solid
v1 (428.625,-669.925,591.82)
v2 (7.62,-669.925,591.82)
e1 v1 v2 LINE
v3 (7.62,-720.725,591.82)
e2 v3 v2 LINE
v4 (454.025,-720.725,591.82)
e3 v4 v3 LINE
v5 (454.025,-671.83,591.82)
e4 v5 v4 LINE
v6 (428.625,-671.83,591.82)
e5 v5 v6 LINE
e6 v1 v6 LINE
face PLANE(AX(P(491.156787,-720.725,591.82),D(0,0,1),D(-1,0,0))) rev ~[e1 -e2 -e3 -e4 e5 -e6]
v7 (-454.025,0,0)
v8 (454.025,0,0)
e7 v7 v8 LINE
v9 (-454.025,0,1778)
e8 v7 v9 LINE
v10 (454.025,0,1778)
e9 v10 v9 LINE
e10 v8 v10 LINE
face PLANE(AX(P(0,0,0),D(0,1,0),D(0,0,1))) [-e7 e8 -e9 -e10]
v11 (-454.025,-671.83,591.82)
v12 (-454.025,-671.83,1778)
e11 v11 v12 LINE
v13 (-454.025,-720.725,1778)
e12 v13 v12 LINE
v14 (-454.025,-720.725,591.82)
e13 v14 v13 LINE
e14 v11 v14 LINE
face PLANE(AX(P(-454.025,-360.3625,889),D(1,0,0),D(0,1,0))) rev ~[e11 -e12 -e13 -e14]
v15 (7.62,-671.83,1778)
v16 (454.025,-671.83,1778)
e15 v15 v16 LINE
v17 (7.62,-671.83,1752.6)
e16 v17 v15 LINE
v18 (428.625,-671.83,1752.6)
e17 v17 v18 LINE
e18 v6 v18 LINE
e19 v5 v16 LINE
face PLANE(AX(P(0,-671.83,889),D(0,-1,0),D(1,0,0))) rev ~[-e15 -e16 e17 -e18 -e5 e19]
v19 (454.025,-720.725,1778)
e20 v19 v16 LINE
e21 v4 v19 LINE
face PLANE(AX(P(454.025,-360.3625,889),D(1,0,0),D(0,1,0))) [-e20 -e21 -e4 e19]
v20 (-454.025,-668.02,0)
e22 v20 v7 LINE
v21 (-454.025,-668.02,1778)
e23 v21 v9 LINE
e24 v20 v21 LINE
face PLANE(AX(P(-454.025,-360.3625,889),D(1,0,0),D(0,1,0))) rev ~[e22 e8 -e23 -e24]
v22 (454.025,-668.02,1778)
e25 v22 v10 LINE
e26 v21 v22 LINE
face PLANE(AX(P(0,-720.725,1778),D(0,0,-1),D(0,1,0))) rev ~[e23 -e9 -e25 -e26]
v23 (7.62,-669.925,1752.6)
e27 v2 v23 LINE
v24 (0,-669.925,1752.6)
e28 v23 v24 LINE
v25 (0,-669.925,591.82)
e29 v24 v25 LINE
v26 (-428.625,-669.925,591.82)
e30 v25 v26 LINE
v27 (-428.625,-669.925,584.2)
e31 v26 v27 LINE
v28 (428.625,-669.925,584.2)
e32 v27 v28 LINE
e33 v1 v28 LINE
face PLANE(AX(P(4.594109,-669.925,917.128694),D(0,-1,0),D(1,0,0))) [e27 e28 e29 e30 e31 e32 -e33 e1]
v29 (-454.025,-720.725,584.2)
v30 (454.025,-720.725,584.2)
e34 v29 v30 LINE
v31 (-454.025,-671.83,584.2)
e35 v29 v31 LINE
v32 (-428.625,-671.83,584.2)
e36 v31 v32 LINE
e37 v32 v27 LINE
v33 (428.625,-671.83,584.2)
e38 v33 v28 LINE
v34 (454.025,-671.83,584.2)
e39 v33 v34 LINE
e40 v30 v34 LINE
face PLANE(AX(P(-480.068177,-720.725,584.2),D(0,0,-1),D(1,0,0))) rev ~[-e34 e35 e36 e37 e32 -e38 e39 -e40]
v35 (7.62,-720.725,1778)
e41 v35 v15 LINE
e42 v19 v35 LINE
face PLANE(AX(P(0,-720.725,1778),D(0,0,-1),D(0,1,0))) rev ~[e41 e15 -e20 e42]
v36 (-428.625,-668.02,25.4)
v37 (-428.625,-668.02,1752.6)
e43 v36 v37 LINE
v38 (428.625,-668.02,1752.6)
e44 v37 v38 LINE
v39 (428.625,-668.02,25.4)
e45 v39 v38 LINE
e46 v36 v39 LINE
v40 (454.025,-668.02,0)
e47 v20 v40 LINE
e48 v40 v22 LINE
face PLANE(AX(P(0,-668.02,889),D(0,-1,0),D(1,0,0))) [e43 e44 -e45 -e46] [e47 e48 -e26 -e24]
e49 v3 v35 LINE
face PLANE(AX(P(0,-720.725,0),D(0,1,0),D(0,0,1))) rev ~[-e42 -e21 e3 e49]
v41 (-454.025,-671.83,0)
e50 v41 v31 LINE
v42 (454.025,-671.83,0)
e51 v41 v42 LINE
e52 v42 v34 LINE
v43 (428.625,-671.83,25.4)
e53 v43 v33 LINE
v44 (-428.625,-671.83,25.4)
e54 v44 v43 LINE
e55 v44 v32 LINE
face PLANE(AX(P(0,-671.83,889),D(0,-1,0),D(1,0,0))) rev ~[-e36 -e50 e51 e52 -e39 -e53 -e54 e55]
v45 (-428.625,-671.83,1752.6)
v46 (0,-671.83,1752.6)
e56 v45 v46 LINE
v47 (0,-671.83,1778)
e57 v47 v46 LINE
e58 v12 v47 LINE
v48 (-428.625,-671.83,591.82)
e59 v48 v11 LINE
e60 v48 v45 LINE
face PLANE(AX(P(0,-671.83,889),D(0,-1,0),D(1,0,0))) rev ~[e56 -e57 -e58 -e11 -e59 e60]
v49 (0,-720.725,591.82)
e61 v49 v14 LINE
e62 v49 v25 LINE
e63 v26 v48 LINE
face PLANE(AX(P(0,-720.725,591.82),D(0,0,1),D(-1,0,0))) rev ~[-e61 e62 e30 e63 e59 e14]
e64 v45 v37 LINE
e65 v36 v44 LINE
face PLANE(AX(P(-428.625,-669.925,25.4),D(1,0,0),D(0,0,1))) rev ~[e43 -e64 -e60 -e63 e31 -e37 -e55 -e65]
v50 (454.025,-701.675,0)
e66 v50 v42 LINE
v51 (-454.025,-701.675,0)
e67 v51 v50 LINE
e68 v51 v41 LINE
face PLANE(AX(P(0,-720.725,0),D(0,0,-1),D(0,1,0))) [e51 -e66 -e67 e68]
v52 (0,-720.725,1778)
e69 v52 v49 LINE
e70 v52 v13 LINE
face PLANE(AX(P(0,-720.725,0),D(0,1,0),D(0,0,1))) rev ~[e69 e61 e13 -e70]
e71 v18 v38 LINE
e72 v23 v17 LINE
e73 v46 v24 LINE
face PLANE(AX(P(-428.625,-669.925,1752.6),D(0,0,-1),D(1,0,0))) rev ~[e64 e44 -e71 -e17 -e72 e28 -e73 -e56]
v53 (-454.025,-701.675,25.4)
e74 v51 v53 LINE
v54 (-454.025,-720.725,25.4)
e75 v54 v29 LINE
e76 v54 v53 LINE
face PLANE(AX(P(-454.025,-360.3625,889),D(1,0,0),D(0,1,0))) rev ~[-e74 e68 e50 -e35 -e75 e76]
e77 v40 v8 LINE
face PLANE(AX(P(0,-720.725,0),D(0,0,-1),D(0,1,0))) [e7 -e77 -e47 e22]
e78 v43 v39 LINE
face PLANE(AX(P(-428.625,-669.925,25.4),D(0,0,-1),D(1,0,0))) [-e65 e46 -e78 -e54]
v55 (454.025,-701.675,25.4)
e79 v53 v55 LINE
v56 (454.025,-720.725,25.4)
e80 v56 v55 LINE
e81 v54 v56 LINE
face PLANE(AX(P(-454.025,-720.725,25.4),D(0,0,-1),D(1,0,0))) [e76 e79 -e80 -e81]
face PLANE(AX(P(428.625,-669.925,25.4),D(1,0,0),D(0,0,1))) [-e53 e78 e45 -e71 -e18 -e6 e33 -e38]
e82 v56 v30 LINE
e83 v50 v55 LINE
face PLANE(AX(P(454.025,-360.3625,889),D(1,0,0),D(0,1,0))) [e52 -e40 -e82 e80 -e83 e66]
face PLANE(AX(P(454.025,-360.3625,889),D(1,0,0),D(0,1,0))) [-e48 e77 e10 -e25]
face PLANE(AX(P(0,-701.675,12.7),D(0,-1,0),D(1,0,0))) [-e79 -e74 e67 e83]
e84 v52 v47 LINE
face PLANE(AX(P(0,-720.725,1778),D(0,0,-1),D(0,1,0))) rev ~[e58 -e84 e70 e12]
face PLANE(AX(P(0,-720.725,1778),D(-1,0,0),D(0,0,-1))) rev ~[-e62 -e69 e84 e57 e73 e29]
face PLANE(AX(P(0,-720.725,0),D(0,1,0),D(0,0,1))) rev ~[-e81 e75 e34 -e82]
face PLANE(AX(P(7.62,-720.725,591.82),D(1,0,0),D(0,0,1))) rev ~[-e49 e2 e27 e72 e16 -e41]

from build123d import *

# Parameters (mm, degrees)
F0_W     = 720.725
F0_H     = 1778
F1_DEPTH = 454.025
F3_W     = 908.05
F3_H     = 1778
F3_W_2   = 857.25
F3_H_2   = 1727.2
F4_DEPTH = 1.905
F7_DEPTH = 50.8
F5_W     = 908.05
F5_H     = 25.4
F8_DEPTH = 19.05


with BuildPart() as f1:
    # F0 (on Right) → F1 (new body, symmetric)
    with BuildSketch(Plane.YZ):
        with Locations((-360.3625, 889)):
            Rectangle(F0_W, F0_H)
    extrude(amount=F1_DEPTH, both=True)

    # F3 (on offset) → F4 (cut, symmetric)
    with BuildSketch(Plane.XZ.offset(669.925)):
        with Locations((0, 889)):
            Rectangle(F3_W, F3_H)
        with Locations((0, 889)):
            Rectangle(F3_W_2, F3_H_2, mode=Mode.SUBTRACT)
    extrude(amount=F4_DEPTH, both=True, mode=Mode.SUBTRACT)

    # F6 (on face) → F7 (cut)
    with BuildSketch(Plane.XZ.offset(720.725)):
        Polygon((7.62, 1778), (0, 1778), (0, 591.82), (-480.0681769848, 591.82), (-480.0681769848, 584.2), (491.1567866802, 584.2), (491.1567866802, 591.82), (7.62, 591.82), align=None)
    extrude(amount=-F7_DEPTH, mode=Mode.SUBTRACT)

    # F5 (on face) → F8 (cut)
    with BuildSketch(Plane.XZ.offset(720.725)):
        with Locations((0, 12.7)):
            Rectangle(F5_W, F5_H)
    extrude(amount=-F8_DEPTH, mode=Mode.SUBTRACT)


solid = f1.part
